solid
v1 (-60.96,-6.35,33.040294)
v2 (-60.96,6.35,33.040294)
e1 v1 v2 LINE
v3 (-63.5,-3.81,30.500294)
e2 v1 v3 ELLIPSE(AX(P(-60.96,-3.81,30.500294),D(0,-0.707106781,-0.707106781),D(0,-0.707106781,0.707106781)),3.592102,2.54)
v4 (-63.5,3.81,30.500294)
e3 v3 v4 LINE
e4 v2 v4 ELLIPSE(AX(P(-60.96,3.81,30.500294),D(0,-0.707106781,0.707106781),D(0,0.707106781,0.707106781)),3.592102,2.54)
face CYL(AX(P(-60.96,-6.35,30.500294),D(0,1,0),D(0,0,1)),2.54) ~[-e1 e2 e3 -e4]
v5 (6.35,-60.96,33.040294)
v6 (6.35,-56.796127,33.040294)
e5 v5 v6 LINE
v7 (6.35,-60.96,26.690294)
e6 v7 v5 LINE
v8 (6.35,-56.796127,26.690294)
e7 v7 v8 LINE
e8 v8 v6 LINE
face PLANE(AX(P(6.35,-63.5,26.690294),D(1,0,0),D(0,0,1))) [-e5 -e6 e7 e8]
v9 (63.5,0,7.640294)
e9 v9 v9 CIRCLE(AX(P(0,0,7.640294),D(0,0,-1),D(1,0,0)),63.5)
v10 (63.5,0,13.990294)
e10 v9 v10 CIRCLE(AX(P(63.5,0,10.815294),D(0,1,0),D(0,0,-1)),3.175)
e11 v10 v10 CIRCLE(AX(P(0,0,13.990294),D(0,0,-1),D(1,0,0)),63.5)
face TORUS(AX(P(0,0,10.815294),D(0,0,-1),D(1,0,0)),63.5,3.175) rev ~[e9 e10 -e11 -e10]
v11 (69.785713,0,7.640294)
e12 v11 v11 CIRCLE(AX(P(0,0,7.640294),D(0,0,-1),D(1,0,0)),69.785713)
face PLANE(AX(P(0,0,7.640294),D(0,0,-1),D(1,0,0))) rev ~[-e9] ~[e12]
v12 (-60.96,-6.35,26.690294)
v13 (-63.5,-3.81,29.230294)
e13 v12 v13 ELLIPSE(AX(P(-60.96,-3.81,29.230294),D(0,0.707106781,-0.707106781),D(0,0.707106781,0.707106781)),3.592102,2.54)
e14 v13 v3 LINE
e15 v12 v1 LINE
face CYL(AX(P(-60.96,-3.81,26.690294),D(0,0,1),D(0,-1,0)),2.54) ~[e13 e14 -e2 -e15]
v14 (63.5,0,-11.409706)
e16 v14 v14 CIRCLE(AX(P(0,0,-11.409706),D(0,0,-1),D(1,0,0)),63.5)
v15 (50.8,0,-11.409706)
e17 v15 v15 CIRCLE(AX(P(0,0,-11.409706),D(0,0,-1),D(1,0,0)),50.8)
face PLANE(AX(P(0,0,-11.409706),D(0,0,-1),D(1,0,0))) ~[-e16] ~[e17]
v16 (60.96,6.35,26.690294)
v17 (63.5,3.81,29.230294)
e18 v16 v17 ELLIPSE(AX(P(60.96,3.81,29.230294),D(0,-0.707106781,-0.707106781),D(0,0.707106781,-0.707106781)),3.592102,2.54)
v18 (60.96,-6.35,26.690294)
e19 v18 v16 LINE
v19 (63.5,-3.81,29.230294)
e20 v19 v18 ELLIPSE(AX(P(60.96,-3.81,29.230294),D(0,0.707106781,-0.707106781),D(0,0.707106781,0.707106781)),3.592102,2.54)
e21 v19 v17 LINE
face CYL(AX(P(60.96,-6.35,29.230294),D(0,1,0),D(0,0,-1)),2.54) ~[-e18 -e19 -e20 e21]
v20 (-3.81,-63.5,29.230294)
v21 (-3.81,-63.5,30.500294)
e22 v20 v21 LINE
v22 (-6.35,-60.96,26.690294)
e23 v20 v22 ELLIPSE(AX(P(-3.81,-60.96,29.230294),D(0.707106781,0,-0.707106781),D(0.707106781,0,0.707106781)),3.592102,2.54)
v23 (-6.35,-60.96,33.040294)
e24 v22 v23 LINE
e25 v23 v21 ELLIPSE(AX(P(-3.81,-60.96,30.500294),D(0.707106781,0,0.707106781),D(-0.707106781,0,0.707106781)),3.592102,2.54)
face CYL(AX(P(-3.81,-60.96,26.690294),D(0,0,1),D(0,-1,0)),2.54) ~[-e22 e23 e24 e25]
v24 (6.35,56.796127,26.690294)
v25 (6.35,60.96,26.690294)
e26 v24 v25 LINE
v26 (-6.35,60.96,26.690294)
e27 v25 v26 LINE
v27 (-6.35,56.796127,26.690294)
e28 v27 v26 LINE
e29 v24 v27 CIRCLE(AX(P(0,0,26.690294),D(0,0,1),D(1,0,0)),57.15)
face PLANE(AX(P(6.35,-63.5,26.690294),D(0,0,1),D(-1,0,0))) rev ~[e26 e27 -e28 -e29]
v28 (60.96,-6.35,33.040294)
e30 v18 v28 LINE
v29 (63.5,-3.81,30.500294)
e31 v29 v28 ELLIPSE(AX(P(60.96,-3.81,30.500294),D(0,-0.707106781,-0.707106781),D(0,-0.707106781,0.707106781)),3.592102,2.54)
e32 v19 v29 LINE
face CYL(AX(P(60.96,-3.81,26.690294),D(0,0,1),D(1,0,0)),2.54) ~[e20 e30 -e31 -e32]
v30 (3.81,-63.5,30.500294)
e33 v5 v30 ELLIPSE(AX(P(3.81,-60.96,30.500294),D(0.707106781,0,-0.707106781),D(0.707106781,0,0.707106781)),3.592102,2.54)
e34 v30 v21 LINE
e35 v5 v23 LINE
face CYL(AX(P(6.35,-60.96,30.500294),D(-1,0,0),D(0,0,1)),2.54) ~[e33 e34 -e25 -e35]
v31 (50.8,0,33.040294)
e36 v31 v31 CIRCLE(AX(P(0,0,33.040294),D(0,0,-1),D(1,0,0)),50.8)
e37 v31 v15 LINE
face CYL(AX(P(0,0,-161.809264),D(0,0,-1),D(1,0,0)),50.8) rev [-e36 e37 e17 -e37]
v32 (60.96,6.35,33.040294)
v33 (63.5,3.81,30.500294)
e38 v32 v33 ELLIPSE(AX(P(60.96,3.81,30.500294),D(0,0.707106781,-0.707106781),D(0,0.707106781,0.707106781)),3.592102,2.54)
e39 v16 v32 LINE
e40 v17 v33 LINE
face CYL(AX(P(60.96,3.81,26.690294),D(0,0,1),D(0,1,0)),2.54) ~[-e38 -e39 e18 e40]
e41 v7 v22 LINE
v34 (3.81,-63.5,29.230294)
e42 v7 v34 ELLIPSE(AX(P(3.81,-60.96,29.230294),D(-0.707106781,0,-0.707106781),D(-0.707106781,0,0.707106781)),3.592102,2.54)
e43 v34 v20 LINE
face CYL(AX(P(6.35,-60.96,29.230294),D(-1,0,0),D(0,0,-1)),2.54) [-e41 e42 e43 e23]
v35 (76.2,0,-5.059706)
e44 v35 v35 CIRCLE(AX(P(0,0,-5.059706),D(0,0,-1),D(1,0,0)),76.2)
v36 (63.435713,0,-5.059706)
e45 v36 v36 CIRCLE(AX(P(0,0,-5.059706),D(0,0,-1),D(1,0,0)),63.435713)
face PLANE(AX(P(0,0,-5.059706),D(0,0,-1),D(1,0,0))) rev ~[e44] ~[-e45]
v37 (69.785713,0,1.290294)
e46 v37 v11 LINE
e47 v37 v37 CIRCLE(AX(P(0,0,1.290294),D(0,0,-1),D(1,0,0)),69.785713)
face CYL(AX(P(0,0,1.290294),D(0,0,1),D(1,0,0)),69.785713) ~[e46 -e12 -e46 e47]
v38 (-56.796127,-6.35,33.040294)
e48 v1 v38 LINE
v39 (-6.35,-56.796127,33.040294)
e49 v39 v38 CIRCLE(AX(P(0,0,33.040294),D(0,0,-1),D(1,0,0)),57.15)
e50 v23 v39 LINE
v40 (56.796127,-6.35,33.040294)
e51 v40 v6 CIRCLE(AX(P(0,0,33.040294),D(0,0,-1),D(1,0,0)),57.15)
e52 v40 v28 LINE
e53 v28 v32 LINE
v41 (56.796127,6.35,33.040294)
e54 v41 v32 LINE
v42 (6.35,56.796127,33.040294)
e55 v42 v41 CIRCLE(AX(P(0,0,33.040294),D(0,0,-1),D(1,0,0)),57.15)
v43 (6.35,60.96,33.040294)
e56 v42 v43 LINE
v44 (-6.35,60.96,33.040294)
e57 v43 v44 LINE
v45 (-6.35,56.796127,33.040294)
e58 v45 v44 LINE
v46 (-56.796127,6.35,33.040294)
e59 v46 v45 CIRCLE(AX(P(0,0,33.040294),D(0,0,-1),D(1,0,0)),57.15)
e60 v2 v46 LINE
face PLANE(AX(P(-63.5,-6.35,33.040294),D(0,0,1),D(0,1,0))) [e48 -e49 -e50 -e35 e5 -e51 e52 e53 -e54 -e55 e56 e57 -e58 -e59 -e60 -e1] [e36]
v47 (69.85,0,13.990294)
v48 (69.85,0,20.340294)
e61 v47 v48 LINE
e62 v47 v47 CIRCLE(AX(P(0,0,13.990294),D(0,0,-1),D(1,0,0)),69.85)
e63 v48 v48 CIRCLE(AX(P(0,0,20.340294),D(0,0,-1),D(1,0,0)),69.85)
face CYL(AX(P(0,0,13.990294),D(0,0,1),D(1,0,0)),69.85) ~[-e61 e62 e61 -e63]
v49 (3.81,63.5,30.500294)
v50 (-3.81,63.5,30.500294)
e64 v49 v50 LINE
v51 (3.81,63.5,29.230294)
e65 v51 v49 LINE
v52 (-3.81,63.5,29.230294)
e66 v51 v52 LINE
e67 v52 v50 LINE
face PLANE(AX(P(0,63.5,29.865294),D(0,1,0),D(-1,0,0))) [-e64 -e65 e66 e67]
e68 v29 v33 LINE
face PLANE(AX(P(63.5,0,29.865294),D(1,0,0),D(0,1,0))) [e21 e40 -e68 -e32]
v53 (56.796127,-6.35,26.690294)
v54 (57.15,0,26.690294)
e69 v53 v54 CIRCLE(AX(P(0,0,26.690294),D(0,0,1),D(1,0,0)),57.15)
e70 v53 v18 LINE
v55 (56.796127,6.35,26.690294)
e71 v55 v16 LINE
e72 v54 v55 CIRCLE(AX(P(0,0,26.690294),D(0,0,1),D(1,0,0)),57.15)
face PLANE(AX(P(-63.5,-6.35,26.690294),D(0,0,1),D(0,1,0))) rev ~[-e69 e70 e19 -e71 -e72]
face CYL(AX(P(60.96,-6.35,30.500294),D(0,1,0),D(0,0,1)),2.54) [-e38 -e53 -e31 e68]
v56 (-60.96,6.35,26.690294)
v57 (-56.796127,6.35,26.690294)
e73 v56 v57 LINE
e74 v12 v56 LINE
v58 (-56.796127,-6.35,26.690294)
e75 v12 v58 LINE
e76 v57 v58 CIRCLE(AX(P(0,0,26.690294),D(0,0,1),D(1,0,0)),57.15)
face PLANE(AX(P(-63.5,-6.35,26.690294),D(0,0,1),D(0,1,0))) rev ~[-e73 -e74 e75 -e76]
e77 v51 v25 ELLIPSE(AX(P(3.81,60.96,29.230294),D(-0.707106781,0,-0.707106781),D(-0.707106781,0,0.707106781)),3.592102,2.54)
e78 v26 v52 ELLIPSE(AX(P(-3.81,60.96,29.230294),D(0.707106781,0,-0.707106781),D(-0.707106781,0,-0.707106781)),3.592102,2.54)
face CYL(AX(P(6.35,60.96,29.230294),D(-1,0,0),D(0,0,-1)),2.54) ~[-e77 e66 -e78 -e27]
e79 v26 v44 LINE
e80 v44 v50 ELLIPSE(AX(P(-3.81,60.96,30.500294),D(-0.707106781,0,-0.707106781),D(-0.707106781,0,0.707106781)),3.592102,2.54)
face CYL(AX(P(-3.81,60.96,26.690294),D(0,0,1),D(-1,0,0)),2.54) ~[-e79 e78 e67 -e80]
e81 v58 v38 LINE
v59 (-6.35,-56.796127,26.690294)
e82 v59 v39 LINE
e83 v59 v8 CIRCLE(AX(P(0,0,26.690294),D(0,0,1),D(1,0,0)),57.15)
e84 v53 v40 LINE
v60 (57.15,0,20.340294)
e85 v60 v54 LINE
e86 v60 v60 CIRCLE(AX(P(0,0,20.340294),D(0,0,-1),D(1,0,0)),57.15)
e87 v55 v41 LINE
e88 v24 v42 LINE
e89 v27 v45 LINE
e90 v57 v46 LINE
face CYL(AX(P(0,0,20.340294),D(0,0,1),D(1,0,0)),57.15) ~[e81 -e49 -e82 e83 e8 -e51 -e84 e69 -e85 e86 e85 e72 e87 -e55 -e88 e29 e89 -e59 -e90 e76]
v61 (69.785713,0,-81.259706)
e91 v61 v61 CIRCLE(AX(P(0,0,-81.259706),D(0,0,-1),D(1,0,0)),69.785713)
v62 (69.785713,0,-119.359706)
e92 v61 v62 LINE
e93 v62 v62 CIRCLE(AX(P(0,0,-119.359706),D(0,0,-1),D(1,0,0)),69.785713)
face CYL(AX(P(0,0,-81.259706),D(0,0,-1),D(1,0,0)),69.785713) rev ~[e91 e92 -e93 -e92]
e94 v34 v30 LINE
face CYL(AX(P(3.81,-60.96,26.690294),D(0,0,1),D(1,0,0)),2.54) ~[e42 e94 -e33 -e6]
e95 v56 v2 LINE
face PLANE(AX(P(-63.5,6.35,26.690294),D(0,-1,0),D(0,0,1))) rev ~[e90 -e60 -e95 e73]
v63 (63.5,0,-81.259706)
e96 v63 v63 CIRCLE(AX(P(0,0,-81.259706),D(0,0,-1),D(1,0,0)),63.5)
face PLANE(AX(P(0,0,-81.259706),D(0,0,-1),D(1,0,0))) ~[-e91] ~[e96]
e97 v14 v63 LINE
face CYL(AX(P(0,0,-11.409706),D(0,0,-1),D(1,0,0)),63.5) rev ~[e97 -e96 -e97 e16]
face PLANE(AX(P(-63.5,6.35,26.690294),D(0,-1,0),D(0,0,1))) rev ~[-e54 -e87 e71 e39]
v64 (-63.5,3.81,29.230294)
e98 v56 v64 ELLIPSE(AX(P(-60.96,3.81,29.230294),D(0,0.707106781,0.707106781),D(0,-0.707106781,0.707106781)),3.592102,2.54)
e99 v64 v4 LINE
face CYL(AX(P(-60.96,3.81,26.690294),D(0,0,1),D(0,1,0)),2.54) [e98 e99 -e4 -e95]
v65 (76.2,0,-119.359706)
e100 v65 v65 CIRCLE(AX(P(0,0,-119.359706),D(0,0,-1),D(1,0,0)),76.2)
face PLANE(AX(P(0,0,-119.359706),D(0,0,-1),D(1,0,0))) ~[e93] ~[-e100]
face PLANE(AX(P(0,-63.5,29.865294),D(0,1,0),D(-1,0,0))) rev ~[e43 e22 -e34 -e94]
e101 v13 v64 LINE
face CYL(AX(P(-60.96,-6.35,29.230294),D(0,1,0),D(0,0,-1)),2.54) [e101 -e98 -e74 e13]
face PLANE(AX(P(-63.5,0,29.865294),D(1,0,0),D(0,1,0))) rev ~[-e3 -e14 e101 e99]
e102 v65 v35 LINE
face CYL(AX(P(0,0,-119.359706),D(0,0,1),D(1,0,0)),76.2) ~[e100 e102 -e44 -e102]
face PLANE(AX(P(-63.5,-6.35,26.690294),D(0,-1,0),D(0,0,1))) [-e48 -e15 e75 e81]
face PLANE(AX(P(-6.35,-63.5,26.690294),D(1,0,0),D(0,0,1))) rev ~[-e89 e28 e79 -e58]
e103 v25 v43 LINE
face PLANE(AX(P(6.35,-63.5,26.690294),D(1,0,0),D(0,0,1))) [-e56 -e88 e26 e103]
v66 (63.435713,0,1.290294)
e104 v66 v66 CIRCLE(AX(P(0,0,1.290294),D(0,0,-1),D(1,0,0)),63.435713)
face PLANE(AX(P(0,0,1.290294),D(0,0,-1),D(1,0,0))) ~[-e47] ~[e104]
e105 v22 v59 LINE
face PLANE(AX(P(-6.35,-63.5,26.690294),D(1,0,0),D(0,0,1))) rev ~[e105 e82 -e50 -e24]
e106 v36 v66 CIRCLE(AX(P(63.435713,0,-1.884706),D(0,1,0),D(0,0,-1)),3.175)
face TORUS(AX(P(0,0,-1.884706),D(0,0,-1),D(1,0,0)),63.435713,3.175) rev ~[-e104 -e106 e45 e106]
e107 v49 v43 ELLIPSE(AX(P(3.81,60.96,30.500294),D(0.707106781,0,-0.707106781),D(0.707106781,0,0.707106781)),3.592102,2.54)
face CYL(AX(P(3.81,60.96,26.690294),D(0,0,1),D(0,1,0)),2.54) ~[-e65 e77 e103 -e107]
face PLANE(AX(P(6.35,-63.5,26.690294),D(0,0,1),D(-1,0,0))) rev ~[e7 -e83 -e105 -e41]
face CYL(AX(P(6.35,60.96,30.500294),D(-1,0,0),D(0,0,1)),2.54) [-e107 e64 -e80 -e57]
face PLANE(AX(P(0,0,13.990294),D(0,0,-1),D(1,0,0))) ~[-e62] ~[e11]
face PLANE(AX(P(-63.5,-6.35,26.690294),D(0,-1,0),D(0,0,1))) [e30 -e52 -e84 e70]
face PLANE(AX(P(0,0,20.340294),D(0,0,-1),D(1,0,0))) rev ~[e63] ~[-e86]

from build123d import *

# Parameters (mm, degrees)
BOSS_EXTRUDE1_DEPTH      = 63.5
BOSS_EXTRUDE1_DEPTH_BACK = 63.5
SKETCH3_W                = 12.7
SKETCH3_H                = 6.35
BOSS_EXTRUDE2_DEPTH      = 63.5
BOSS_EXTRUDE2_DEPTH_BACK = 63.5
SKETCH4_W                = 12.7
SKETCH4_H                = 6.35
CUT_EXTRUDE2_DEPTH       = 161.809264194
CUT_EXTRUDE2_DEPTH_BACK  = 161.809264194
SKETCH5_R                = 50.8
FILLET1_R                = 2.54


with BuildPart() as part:
    # Sketch2 → Revolve1 (revolve)
    with BuildSketch(Plane.YZ, mode=Mode.PRIVATE) as revolve1_sk:
        with BuildLine():
            Line((-76.2, -119.359706143), (-76.2, -5.059706143))
            Line((-76.2, -5.059706143), (-63.435713245, -5.059706143))
            ThreePointArc((-63.435713245, -5.059706143), (-60.260713245, -1.884706143), (-63.435713245, 1.290293857))
            Line((-63.435713245, 1.290293857), (-69.785713245, 1.290293857))
            Line((-69.785713245, 1.290293857), (-69.785713245, 7.640293857))
            Line((-69.785713245, 7.640293857), (-63.5, 7.640293857))
            ThreePointArc((-63.5, 7.640293857), (-60.325, 10.815293857), (-63.5, 13.990293857))
            Line((-63.5, 13.990293857), (-69.85, 13.990293857))
            Line((-69.85, 13.990293857), (-69.85, 20.340293857))
            Line((-69.85, 20.340293857), (-57.15, 20.340293857))
            Line((-57.15, 20.340293857), (-57.15, 33.040293857))
            Line((-57.15, 33.040293857), (-50.8, 33.040293857))
            Line((-50.8, 33.040293857), (-50.8, -11.409706143))
            Line((-50.8, -11.409706143), (-63.5, -11.409706143))
            Line((-63.5, -11.409706143), (-63.5, -81.259706143))
            Line((-63.5, -81.259706143), (-69.785713245, -81.259706143))
            Line((-69.785713245, -81.259706143), (-69.785713245, -119.359706143))
            Line((-69.785713245, -119.359706143), (-76.2, -119.359706143))
        make_face()
    revolve(revolve1_sk.sketch.rotate(Axis((0, 0, 44.403866564), (0, 0, -1)), 270), axis=Axis((0, 0, 44.403866564), (0, 0, -1)))

    # Sketch3 → Boss-Extrude1 (add, two sides: drawn at the far end of the back side and taken through both)
    with BuildSketch(Plane.YZ.offset(-BOSS_EXTRUDE1_DEPTH_BACK)):
        with Locations((0, 29.865293857)):
            Rectangle(SKETCH3_W, SKETCH3_H)
    extrude(amount=BOSS_EXTRUDE1_DEPTH + BOSS_EXTRUDE1_DEPTH_BACK)

    # Sketch4 → Boss-Extrude2 (add, two sides: drawn at the far end of the back side and taken through both)
    with BuildSketch(Plane(origin=(0, 0, 0), x_dir=(-1, 0, 0), z_dir=(0, 1, 0)).offset(-BOSS_EXTRUDE2_DEPTH_BACK)):
        with Locations((0, 29.865293857)):
            Rectangle(SKETCH4_W, SKETCH4_H)
    extrude(amount=BOSS_EXTRUDE2_DEPTH + BOSS_EXTRUDE2_DEPTH_BACK)

    # Sketch5 → Cut-Extrude2 (cut, two sides: drawn at the far end of the back side and taken through both)
    with BuildSketch(Plane(origin=(0, 0, 0), x_dir=(0, 1, 0), z_dir=(0, 0, 1)).offset(-CUT_EXTRUDE2_DEPTH_BACK)):
        with Locations(Location((0, 0, 0), (0, 0, 270))):
            Circle(SKETCH5_R)
    extrude(amount=CUT_EXTRUDE2_DEPTH + CUT_EXTRUDE2_DEPTH_BACK, mode=Mode.SUBTRACT)

    # Fillet1
    fillet1_edges = [part.edges().sort_by_distance(p)[0] for p in [
        (6.35, 63.5, 29.865293857),
        (0, 63.5, 26.690293857),
        (-6.35, 63.5, 29.865293857),
        (0, 63.5, 33.040293857),
        (-63.5, -6.35, 29.865293857),
        (-63.5, 0, 33.040293857),
        (-63.5, 6.35, 29.865293857),
        (-63.5, 0, 26.690293857),
        (63.5, -6.35, 29.865293857),
        (63.5, 0, 26.690293857),
        (63.5, 6.35, 29.865293857),
        (63.5, 0, 33.040293857),
        (6.35, -63.5, 29.865293857),
        (0, -63.5, 33.040293857),
        (-6.35, -63.5, 29.865293857),
        (0, -63.5, 26.690293857),
    ]]
    fillet(fillet1_edges, radius=FILLET1_R)


solid = part.part
